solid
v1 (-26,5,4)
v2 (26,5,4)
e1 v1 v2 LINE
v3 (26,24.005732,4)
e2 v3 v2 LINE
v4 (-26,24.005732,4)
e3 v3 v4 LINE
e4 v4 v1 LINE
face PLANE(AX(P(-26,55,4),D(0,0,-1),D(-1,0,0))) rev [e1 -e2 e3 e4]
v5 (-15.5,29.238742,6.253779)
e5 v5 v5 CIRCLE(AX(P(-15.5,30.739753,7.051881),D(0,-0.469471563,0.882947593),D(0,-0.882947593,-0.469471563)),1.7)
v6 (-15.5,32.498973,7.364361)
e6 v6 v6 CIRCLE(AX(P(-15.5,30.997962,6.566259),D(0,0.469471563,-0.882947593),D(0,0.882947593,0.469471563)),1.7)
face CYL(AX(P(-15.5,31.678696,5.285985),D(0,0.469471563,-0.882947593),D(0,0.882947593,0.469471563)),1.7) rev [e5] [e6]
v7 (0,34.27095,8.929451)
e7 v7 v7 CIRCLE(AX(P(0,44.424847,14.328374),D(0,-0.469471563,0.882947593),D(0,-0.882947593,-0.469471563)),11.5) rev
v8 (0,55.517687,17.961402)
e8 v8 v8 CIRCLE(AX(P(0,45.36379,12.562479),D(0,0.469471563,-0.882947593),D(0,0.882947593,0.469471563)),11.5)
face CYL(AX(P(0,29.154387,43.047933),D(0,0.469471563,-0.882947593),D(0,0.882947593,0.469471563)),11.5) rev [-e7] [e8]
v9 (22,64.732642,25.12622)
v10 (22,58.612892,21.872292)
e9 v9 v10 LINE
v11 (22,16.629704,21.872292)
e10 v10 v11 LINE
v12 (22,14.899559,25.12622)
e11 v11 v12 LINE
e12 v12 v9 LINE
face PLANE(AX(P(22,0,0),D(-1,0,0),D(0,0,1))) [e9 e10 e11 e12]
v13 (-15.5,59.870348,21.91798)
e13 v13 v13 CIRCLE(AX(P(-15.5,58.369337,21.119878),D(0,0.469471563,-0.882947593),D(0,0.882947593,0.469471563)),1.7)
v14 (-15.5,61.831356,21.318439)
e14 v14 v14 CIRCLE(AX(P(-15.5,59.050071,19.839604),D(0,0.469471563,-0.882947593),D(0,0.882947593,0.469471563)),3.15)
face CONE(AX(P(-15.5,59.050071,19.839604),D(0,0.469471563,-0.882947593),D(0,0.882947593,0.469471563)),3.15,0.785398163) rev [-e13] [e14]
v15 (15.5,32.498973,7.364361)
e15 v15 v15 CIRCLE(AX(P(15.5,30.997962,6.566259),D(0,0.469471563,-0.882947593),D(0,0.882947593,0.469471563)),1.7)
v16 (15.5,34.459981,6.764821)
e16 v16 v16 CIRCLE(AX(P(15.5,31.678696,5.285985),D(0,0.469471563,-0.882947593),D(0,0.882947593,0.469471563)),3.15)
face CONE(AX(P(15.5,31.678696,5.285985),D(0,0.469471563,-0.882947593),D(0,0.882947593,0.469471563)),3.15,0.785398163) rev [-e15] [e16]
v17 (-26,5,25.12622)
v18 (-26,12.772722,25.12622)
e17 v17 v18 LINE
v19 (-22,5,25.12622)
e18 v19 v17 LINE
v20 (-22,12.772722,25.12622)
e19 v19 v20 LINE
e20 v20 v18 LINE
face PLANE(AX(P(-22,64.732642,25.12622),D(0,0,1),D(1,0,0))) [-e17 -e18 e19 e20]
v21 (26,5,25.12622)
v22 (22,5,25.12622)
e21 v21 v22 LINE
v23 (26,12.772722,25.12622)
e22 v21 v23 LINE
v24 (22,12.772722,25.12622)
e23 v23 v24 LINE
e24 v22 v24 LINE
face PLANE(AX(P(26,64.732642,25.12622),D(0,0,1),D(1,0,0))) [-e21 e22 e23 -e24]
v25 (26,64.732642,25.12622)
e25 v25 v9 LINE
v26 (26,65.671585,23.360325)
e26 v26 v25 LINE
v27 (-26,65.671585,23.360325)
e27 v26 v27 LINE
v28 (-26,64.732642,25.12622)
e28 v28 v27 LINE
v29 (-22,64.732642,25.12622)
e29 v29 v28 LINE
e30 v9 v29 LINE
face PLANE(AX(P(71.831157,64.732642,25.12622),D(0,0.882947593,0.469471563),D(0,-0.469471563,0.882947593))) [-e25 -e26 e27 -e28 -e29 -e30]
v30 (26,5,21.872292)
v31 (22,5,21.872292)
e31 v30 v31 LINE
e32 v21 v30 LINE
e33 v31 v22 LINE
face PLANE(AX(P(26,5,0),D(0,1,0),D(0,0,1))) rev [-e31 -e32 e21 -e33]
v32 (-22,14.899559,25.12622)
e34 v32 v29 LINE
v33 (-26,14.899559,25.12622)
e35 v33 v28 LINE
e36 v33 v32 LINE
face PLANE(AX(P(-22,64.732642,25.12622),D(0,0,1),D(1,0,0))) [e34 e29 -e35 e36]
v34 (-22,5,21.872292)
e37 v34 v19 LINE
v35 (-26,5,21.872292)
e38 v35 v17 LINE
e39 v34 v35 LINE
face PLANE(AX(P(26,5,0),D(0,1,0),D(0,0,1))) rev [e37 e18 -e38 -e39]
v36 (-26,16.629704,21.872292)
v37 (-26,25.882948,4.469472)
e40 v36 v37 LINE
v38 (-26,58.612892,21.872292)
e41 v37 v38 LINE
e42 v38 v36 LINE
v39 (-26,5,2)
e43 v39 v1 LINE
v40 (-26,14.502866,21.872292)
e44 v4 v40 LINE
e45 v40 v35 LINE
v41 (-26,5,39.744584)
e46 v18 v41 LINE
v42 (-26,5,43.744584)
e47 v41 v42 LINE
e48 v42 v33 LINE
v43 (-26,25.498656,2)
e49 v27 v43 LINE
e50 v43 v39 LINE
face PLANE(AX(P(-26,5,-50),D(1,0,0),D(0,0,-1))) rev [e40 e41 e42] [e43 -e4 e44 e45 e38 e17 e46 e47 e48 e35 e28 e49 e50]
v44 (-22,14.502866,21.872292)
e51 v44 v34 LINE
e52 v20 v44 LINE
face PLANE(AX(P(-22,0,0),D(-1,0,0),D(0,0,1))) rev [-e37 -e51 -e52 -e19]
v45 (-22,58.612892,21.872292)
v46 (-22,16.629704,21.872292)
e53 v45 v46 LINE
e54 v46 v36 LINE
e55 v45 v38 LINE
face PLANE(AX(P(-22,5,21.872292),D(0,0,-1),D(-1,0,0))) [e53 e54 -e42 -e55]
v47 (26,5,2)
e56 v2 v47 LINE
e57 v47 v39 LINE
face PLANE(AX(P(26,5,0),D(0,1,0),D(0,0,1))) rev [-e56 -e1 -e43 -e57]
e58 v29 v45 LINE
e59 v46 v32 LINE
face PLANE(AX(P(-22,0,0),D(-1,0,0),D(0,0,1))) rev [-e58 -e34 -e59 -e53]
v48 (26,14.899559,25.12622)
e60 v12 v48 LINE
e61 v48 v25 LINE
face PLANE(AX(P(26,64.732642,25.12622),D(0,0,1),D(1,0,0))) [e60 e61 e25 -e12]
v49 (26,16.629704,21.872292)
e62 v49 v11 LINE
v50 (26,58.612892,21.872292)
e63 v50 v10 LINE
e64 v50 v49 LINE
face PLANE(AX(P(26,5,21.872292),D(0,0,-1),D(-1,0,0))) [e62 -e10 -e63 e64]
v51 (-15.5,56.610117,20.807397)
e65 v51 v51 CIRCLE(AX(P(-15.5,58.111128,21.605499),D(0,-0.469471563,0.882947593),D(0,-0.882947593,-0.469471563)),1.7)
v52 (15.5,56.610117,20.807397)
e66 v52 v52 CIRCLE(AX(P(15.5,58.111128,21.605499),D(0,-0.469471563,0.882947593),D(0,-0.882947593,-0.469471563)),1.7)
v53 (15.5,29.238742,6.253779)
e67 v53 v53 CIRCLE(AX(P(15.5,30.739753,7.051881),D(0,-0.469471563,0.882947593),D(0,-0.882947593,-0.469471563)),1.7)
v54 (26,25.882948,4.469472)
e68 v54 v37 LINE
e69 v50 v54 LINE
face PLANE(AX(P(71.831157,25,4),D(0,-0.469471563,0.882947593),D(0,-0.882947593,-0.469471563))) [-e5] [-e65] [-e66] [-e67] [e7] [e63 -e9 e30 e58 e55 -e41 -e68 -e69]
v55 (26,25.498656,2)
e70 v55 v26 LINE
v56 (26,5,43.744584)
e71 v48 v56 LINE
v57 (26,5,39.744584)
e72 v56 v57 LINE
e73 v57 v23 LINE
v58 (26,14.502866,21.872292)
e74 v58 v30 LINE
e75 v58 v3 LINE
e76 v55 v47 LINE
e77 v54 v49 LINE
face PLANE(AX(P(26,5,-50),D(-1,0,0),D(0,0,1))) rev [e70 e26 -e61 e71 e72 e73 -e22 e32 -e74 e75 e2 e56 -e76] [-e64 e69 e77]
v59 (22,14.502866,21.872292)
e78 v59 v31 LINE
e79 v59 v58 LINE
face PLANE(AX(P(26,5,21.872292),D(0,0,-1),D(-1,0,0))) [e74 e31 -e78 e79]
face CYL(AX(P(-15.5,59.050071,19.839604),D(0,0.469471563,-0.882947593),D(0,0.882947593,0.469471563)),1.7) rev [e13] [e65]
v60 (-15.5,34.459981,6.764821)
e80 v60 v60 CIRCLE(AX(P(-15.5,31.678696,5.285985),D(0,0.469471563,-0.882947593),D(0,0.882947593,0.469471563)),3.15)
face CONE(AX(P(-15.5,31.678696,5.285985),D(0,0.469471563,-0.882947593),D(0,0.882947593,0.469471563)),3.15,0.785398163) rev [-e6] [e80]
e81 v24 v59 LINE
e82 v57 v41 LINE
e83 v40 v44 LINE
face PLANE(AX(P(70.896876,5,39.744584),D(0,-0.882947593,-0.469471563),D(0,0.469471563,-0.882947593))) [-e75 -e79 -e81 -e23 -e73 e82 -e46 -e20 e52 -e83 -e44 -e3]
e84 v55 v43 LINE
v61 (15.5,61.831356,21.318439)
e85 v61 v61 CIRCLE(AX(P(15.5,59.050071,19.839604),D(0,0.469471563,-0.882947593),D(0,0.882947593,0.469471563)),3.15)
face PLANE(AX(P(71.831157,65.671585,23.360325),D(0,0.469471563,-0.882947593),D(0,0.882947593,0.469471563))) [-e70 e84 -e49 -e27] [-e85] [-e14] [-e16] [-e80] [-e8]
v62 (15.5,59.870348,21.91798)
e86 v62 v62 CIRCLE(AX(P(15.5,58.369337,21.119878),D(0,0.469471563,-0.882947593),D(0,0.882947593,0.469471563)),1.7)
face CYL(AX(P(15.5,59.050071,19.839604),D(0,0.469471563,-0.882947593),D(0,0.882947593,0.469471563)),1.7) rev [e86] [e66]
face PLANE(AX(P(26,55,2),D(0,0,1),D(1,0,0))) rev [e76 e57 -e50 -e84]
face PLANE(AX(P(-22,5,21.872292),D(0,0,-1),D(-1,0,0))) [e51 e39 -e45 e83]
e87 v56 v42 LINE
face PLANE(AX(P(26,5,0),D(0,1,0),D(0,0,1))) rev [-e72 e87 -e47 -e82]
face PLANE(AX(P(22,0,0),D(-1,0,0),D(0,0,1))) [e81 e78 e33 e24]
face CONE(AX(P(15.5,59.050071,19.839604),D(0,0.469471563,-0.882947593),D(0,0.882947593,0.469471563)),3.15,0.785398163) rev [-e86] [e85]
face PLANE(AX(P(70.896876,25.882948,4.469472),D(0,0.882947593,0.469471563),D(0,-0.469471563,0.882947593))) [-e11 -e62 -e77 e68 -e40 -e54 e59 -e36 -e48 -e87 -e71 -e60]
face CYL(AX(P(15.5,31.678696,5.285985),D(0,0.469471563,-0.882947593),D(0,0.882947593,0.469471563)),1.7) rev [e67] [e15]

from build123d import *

# Parameters (mm, degrees)
SKETCH1_W                                           = 52
SKETCH1_H                                           = 100
BOSS_EXTRUDE1_DEPTH                                 = 5
BOSS_EXTRUDE3_DEPTH                                 = 2.5
SKETCH7_R                                           = 2.25
BOSS_EXTRUDE4_DEPTH                                 = 2.5
FILLET2_R                                           = 0.25
SKETCH9_W                                           = 52
SKETCH9_H                                           = 2
BOSS_EXTRUDE5_DEPTH                                 = 50
BOSS_EXTRUDE7_DEPTH                                 = 52
CUT_EXTRUDE3_DEPTH                                  = 52
CUT_EXTRUDE4_DEPTH                                  = 2.5
BOSS_EXTRUDE8_DEPTH                                 = 52
BOSS_EXTRUDE9_DEPTH                                 = 4
LPATTERN1_COUNT                                     = 2
LPATTERN1_PITCH                                     = 48
SKETCH18_R                                          = 11.5
CUT_EXTRUDE5_DEPTH                                  = 2
CSK_FOR_M3_COUNTERSUNK_FLAT_HEAD_SCREW1_D           = 3.4
CSK_FOR_M3_COUNTERSUNK_FLAT_HEAD_SCREW1_DEPTH       = 5
CSK_FOR_M3_COUNTERSUNK_FLAT_HEAD_SCREW1_CSINK_D     = 6.3
CSK_FOR_M3_COUNTERSUNK_FLAT_HEAD_SCREW1_CSINK_ANGLE = 90
CSK_FOR_M3_COUNTERSUNK_FLAT_HEAD_SCREW1_TIP         = 1.021463052
BOSS_EXTRUDE10_DEPTH                                = 5
SKETCH23_R                                          = 1.75
CUT_EXTRUDE6_DEPTH                                  = 5
SKETCH24_W                                          = 6.6
SKETCH24_H                                          = 5.6
CUT_EXTRUDE7_DEPTH                                  = 2.5
SKETCH25_W                                          = 75
SKETCH25_H                                          = 5
SKETCH25_W_2                                        = 28.673992526
SKETCH25_H_2                                        = 8.232083525
CUT_EXTRUDE8_DEPTH                                  = 88


with BuildPart() as part:
    # Sketch1 → Boss-Extrude1 (new body)
    with BuildSketch(Plane(origin=(0, 0, 0), x_dir=(1, 0, 0), z_dir=(0, 1, 0))):
        Rectangle(SKETCH1_W, SKETCH1_H)
    extrude(amount=BOSS_EXTRUDE1_DEPTH)

    # Sketch2 → Boss-Extrude3 (add)
    with BuildSketch(Plane(origin=(0, 5, 0), x_dir=(1, 0, 0), z_dir=(0, 1, 0))):
        with BuildLine():
            Line((-26, 50), (26, 50))
            Line((26, 50), (26, 30))
            ThreePointArc((26, 30), (0, 22.708313008), (-26, 30))
            Line((-26, 30), (-26, 50))
        make_face()
    extrude(amount=BOSS_EXTRUDE3_DEPTH)

    # Sketch7 → Boss-Extrude4 (add)
    with BuildSketch(Plane(origin=(0, 7.5, 0), x_dir=(1, 0, 0), z_dir=(0, 1, 0))):
        with Locations((-7.5, 40.5)):
            Circle(SKETCH7_R)
        with Locations((7.5, 40.5)):
            Circle(SKETCH7_R)
    extrude(amount=BOSS_EXTRUDE4_DEPTH)

    # Fillet2
    fillet2_edges = [part.edges().sort_by_distance(p)[0] for p in [
        (-9.75, 10, -40.5),
        (5.25, 10, -40.5),
    ]]
    fillet(fillet2_edges, radius=FILLET2_R)

    # Sketch9 → Boss-Extrude5 (add)
    with BuildSketch(Plane(origin=(0, 5, 0), x_dir=(1, 0, 0), z_dir=(0, 1, 0))):
        with Locations((0, -3)):
            Rectangle(SKETCH9_W, SKETCH9_H)
    extrude(amount=BOSS_EXTRUDE5_DEPTH)

    # Sketch10 → Boss-Extrude7 (add)
    with BuildSketch(Plane.ZY.offset(26)):
        Polygon((4, 25), (25.126220325, 64.732641679), (23.36032514, 65.671584804), (4, 29.260108936), align=None)
    extrude(amount=-BOSS_EXTRUDE7_DEPTH)

    # Sketch11 → Cut-Extrude3 (cut)
    with BuildSketch(Plane.ZY.offset(26)):
        Polygon((4, 29.260108936), (2, 25.498656006), (2, 55), (4, 55), align=None)
    extrude(amount=-CUT_EXTRUDE3_DEPTH, mode=Mode.SUBTRACT)

    # Sketch13 → Cut-Extrude4 (cut)
    with BuildSketch(Plane(origin=(0, 7.5, 0), x_dir=(1, 0, 0), z_dir=(0, 1, 0))):
        with BuildLine():
            Line((-14.75, 24.933450371), (-14.75, 50))
            Line((-14.75, 50), (-26, 50))
            Line((-26, 50), (-26, 30))
            ThreePointArc((-26, 30), (-20.531880242, 27.118381074), (-14.75, 24.933450371))
        make_face()
        with BuildLine():
            Line((26, 50), (14.75, 50))
            Line((14.75, 50), (14.75, 24.933450371))
            ThreePointArc((14.75, 24.933450371), (20.531880242, 27.118381074), (26, 30))
            Line((26, 30), (26, 50))
        make_face()
    extrude(amount=-CUT_EXTRUDE4_DEPTH, mode=Mode.SUBTRACT)

    # Sketch16 → Boss-Extrude8 (add)
    with BuildSketch(Plane.ZY.offset(26)):
        Polygon((4.469471563, 25.882947593), (43.744583775, 5), (39.744583775, 5), (4, 24.005732324), (4, 25), align=None)
    extrude(amount=-BOSS_EXTRUDE8_DEPTH)

    # Sketch17 → Boss-Extrude9 (add)
    with BuildSketch(Plane.ZY.offset(26)):
        Polygon((25.126220325, 64.732641679), (25.126220325, 5), (21.872291888, 5), (21.872291888, 58.612892349), align=None)
    boss_extrude9 = extrude(amount=-BOSS_EXTRUDE9_DEPTH)

    # LPattern1: Boss-Extrude9 ×2
    with Locations(*[(i * LPATTERN1_PITCH, 0, 0) for i in range(1, LPATTERN1_COUNT)]):
        add(boss_extrude9)

    # Sketch18 → Cut-Extrude5 (cut)
    with BuildSketch(Plane(origin=(0, 4.790956687, -9.010479036), x_dir=(-1, 0, 0), z_dir=(0, 0.469471563, -0.882947593))):
        with Locations((0, 45.951576073)):
            Circle(SKETCH18_R)
    extrude(amount=-CUT_EXTRUDE5_DEPTH, mode=Mode.SUBTRACT)

    # CSK for M3 Countersunk Flat Head Screw1
    with Locations(Plane(origin=(0, 4.790956687, -9.010479036), x_dir=(-1, 0, 0), z_dir=(0, 0.469471563, -0.882947593))):
        with Locations((-15.5, 61.45224807), (15.5, 61.45224807), (15.5, 30.45224807), (-15.5, 30.45224807)):
            CounterSinkHole(CSK_FOR_M3_COUNTERSUNK_FLAT_HEAD_SCREW1_D / 2, CSK_FOR_M3_COUNTERSUNK_FLAT_HEAD_SCREW1_CSINK_D / 2, depth=CSK_FOR_M3_COUNTERSUNK_FLAT_HEAD_SCREW1_DEPTH, counter_sink_angle=CSK_FOR_M3_COUNTERSUNK_FLAT_HEAD_SCREW1_CSINK_ANGLE)
            with Locations((0, 0, -(CSK_FOR_M3_COUNTERSUNK_FLAT_HEAD_SCREW1_DEPTH + CSK_FOR_M3_COUNTERSUNK_FLAT_HEAD_SCREW1_TIP / 2))):  # 118° drill point
                Cone(0, CSK_FOR_M3_COUNTERSUNK_FLAT_HEAD_SCREW1_D / 2, CSK_FOR_M3_COUNTERSUNK_FLAT_HEAD_SCREW1_TIP, mode=Mode.SUBTRACT)

    # Sketch22 → Boss-Extrude10 (add)
    with BuildSketch(Plane.XZ):
        Polygon((26, 75), (-61, 75), (-61, 0), (-26, 0), (-26, 50), (26, 50), align=None)
    extrude(amount=-BOSS_EXTRUDE10_DEPTH)

    # Sketch23 → Cut-Extrude6 (cut)
    with BuildSketch(Plane(origin=(0, 5, 0), x_dir=(1, 0, 0), z_dir=(0, 1, 0))):
        with Locations((-31.5, -5.5)):
            Circle(SKETCH23_R)
        with Locations((-55.5, -5.5)):
            Circle(SKETCH23_R)
        with Locations((-55.5, -69.5)):
            Circle(SKETCH23_R)
        with Locations((-31.5, -69.5)):
            Circle(SKETCH23_R)
    extrude(amount=-CUT_EXTRUDE6_DEPTH, mode=Mode.SUBTRACT)

    # Sketch24 → Cut-Extrude7 (cut)
    with BuildSketch(Plane.XZ):
        with Locations((-31.5, 69.5)):
            Rectangle(SKETCH24_W, SKETCH24_H)
        with Locations((-55.5, 69.5)):
            Rectangle(SKETCH24_W, SKETCH24_H)
        with Locations((-31.5, 5.5)):
            Rectangle(SKETCH24_W, SKETCH24_H)
        with Locations((-55.5, 5.5)):
            Rectangle(SKETCH24_W, SKETCH24_H)
    extrude(amount=-CUT_EXTRUDE7_DEPTH, mode=Mode.SUBTRACT)

    # Sketch25 → Cut-Extrude8 (cut, through all)
    with BuildSketch(Plane.ZY.offset(61)):
        Polygon((0, 0), (0, 5), (-21.326007474, 5), (-50, 5), (-50, 0), align=None)
        with Locations((37.5, 2.5)):
            Rectangle(SKETCH25_W, SKETCH25_H)
        with Locations((-35.663003737, 9.116041763)):
            Rectangle(SKETCH25_W_2, SKETCH25_H_2)
    extrude(amount=-CUT_EXTRUDE8_DEPTH, mode=Mode.SUBTRACT)


solid = part.part
